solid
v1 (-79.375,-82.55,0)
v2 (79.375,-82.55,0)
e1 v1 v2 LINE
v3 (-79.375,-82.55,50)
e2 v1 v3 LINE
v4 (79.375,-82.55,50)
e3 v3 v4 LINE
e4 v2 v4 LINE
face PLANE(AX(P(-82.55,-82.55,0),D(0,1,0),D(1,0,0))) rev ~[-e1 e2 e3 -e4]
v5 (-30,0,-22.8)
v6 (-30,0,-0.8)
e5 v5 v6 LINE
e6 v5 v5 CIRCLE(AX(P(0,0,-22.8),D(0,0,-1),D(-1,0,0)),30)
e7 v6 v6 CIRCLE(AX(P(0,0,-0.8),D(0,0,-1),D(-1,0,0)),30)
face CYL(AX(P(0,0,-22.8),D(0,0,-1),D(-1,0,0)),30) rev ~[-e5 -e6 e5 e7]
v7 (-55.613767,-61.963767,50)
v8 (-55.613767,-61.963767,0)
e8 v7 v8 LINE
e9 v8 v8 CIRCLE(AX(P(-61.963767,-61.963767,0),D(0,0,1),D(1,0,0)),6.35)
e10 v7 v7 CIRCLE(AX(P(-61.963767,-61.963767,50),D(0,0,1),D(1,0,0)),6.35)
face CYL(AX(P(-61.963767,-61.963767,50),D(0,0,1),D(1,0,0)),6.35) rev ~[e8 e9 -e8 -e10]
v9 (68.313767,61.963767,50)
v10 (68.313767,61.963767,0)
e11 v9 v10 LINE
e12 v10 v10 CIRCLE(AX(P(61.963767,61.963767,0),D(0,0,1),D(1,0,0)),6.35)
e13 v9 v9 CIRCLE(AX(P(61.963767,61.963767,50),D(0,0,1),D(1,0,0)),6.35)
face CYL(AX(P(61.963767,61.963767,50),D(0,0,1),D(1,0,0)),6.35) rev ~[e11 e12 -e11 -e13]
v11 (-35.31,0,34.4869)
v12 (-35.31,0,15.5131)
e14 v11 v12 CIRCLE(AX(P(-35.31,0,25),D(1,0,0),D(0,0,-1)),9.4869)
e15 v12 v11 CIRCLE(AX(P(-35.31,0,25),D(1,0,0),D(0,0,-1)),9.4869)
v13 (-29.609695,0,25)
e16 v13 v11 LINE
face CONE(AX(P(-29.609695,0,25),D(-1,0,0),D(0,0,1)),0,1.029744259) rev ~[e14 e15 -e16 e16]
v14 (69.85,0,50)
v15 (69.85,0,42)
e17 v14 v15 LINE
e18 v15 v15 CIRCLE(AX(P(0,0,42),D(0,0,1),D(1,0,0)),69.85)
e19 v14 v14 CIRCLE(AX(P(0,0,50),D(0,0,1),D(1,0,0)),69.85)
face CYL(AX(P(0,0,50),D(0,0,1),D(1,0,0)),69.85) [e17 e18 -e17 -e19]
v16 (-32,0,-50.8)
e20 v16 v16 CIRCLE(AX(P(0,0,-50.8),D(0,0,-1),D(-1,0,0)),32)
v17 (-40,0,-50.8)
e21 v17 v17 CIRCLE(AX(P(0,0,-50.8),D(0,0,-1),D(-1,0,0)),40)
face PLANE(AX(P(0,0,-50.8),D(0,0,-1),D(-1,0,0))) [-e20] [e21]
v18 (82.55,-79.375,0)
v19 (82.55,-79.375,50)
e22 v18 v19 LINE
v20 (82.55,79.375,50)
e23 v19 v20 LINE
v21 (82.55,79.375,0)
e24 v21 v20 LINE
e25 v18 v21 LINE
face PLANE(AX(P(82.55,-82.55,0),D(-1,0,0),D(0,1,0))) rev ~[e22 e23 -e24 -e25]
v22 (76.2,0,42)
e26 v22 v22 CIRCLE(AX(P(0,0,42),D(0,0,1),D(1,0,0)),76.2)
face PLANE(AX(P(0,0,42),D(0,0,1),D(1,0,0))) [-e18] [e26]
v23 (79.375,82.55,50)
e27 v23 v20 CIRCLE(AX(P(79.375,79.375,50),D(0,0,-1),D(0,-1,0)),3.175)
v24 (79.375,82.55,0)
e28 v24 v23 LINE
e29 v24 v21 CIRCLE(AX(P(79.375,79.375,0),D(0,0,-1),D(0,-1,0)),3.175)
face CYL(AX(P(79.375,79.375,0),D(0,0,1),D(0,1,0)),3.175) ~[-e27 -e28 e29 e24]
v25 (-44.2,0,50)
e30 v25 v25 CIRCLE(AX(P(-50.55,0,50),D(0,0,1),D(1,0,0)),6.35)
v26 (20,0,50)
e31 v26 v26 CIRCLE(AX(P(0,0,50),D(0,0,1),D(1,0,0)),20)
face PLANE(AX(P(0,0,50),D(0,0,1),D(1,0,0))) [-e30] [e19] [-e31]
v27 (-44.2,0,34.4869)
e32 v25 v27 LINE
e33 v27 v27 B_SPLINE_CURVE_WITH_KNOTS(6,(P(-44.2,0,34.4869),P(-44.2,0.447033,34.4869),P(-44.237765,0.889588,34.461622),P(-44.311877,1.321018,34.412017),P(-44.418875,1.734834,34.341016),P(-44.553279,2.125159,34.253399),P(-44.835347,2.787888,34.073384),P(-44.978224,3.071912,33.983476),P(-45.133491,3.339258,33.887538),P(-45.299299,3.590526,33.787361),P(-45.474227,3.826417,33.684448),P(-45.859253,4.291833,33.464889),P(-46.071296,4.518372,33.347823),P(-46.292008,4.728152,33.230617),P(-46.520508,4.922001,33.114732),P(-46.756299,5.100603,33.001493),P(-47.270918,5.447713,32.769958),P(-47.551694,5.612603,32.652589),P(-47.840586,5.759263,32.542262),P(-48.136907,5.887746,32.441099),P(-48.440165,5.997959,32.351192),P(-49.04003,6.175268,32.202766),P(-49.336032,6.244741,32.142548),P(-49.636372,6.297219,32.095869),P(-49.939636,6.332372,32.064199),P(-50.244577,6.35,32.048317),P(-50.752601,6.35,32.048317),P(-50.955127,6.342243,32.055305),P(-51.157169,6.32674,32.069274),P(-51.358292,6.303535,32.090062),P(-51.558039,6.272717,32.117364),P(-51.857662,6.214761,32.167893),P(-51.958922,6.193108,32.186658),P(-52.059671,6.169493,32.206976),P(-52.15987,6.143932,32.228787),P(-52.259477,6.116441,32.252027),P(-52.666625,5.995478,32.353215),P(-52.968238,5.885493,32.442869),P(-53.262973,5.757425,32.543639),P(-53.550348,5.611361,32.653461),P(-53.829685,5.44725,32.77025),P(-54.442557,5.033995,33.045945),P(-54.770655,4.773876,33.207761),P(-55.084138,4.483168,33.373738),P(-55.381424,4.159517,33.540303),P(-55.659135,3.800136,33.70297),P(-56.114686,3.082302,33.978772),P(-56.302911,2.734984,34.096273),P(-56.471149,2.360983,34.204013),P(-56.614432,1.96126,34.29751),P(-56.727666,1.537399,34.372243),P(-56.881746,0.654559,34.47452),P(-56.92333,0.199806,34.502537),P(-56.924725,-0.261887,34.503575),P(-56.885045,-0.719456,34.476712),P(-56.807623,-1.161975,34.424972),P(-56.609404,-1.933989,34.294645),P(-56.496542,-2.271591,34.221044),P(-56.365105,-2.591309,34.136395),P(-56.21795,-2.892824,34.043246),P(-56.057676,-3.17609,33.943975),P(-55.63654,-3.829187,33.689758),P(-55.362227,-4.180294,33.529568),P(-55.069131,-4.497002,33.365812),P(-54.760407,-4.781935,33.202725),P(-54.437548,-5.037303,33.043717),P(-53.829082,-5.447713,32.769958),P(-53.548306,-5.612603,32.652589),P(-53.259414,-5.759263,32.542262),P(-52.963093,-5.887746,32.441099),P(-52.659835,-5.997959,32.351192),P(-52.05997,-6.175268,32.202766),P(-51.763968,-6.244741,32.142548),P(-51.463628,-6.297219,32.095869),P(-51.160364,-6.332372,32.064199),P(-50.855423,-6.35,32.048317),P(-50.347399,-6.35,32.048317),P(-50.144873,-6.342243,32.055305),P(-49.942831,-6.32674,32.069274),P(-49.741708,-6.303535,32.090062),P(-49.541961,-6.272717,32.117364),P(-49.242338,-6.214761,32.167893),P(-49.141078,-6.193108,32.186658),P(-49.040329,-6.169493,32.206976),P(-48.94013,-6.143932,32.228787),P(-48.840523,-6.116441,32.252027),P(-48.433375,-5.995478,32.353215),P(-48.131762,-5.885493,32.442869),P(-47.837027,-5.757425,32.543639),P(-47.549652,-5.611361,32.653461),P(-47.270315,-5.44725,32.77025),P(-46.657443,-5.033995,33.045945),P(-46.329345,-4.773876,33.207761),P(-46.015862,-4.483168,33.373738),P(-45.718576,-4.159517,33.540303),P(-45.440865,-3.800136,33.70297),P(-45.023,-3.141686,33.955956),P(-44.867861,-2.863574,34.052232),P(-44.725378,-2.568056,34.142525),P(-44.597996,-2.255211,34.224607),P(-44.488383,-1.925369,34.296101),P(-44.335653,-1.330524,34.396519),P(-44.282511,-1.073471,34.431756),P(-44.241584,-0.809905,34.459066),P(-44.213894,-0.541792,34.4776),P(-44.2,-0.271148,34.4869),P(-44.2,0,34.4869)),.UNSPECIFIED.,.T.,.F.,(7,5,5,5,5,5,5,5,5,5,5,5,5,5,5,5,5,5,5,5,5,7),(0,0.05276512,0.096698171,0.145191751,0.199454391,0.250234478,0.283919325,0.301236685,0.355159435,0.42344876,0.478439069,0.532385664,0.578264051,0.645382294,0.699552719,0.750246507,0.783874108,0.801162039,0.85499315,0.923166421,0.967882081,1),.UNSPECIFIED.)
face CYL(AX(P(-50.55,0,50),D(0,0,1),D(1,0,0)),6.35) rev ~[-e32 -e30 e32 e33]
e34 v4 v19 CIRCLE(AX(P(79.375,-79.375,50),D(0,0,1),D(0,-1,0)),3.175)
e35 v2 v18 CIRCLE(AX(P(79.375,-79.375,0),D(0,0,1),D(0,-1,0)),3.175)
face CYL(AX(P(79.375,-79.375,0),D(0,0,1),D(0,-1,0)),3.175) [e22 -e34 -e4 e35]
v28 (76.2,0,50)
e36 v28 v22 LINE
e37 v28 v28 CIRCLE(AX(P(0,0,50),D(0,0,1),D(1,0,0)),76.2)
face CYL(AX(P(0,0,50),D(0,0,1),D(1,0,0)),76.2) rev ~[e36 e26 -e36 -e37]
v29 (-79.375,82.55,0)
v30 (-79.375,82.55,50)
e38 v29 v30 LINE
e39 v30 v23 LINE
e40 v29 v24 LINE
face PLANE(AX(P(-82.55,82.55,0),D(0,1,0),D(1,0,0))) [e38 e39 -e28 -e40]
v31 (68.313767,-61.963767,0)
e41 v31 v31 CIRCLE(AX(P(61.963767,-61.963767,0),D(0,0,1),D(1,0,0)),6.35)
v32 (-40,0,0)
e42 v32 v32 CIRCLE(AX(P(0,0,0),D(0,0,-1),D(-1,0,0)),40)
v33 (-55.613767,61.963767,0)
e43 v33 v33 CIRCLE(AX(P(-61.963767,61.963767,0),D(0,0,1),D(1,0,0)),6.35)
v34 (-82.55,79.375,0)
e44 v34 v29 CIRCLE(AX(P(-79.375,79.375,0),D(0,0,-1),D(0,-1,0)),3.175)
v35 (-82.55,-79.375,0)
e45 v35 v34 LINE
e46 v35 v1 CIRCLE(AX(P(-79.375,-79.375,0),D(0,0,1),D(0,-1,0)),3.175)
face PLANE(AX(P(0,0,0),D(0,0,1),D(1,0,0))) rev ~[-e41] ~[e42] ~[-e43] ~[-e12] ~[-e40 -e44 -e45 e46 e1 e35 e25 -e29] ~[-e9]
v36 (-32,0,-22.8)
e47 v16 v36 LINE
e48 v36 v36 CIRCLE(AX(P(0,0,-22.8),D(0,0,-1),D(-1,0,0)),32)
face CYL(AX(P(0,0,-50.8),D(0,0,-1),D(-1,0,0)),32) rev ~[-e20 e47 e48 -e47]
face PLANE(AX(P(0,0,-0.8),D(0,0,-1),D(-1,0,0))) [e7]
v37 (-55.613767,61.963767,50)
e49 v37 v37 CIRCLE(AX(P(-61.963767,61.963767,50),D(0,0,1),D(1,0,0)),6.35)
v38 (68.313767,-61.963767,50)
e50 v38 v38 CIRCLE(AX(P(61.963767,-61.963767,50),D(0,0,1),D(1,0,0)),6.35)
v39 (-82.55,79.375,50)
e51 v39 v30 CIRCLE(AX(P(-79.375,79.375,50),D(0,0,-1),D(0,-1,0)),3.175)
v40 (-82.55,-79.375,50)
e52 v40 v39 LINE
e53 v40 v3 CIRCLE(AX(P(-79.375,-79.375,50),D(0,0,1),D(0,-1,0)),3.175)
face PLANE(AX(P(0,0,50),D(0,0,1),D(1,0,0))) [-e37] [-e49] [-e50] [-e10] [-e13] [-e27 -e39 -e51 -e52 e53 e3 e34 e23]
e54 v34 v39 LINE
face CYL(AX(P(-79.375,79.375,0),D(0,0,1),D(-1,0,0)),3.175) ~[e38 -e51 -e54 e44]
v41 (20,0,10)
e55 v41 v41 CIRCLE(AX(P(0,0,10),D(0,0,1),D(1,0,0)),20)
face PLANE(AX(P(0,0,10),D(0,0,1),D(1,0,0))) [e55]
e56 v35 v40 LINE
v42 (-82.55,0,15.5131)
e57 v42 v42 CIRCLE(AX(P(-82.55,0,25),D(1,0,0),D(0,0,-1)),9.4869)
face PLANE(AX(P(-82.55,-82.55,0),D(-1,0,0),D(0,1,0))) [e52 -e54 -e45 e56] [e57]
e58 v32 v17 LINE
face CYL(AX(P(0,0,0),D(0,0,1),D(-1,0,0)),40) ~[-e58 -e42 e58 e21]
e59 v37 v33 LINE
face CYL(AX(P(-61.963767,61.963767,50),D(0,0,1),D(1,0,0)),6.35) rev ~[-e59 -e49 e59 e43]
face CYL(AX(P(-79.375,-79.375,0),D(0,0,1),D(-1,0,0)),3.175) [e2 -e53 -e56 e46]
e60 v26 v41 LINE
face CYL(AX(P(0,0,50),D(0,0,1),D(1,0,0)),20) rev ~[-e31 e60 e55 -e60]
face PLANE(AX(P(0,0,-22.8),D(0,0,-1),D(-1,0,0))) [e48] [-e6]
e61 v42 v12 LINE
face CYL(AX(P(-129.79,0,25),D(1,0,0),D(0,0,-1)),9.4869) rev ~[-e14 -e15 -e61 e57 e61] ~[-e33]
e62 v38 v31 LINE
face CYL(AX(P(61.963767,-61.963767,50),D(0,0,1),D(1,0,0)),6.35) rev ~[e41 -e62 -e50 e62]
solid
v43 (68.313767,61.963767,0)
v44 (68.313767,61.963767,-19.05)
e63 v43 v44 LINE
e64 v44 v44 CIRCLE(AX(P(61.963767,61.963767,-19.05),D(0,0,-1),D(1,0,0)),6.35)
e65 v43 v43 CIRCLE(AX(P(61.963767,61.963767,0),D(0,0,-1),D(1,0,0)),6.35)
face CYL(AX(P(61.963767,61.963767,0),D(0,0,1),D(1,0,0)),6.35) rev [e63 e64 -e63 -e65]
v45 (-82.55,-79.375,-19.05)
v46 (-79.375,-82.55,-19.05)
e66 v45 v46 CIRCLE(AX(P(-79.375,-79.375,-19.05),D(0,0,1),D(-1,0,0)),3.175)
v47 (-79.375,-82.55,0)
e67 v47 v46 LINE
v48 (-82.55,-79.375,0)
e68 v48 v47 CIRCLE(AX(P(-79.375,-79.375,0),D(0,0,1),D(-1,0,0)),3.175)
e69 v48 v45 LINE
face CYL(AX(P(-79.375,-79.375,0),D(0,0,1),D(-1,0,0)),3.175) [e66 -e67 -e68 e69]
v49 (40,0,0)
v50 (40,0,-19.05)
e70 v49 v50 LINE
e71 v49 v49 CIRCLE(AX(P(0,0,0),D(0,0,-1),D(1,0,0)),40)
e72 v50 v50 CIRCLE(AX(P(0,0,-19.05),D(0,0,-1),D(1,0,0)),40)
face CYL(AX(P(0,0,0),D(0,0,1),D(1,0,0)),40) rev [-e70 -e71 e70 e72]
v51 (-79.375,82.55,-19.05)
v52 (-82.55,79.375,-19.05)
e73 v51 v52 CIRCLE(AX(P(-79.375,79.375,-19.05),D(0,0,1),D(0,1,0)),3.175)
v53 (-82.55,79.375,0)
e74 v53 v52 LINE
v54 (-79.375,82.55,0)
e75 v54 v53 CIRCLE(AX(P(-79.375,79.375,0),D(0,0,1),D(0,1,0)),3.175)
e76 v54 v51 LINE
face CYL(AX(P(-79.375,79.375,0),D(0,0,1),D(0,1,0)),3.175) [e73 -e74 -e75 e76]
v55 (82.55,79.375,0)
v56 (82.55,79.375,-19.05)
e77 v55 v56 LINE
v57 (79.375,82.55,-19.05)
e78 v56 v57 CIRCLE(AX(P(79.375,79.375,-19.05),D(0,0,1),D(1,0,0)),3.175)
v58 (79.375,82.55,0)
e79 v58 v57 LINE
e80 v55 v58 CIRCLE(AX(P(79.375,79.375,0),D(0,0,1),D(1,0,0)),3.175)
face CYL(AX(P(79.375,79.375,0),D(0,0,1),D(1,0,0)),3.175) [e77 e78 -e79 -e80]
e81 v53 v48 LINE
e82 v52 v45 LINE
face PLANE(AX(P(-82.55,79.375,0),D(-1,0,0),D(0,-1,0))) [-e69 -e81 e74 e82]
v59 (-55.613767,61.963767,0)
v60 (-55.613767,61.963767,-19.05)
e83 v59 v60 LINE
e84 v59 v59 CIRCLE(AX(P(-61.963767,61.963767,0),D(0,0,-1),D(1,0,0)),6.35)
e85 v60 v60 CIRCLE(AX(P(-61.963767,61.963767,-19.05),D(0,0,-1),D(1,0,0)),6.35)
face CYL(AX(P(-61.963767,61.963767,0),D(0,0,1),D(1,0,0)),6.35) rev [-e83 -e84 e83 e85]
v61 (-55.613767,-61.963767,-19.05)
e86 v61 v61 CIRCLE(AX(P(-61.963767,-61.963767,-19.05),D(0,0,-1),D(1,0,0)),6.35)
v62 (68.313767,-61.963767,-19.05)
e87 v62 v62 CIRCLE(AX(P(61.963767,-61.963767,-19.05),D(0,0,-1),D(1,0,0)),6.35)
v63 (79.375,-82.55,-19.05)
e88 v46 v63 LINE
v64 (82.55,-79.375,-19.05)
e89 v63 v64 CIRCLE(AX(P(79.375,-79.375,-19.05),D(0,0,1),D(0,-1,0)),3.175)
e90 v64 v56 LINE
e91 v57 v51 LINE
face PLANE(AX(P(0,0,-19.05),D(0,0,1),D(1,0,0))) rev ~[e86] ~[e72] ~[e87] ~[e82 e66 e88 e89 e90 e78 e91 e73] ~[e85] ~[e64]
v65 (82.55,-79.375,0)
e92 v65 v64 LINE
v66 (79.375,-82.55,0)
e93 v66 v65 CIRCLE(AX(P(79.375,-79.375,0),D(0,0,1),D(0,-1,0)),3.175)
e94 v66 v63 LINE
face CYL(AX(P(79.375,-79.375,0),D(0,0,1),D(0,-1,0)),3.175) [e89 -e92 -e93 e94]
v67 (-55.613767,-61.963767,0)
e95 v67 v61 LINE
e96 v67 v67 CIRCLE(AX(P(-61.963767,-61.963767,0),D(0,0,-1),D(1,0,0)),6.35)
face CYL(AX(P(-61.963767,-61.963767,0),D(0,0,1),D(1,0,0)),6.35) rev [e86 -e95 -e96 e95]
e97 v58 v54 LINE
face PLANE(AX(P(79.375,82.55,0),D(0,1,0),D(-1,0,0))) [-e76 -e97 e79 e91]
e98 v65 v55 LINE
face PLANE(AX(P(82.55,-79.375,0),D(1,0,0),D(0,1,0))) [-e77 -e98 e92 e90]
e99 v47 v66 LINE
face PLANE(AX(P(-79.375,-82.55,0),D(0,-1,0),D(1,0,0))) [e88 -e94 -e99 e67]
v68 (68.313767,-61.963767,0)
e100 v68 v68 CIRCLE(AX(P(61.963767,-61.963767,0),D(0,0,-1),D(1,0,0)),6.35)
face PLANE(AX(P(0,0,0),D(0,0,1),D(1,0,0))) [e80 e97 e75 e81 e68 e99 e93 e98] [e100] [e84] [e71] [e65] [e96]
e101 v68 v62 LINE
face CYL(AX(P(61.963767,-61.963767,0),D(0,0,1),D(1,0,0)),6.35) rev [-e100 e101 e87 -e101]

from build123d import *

# Parameters (mm, degrees)
SKETCH1_W                        = 165.1
SKETCH1_H                        = 165.1
BOSS_EXTRUDE1_DEPTH              = 50
SKETCH2_R                        = 40
BOSS_EXTRUDE2_DEPTH              = 50.8
SKETCH4_R                        = 32
CUT_EXTRUDE1_DEPTH               = 28
SKETCH5_R                        = 30
CUT_EXTRUDE2_DEPTH               = 22
FILLET1_R                        = 3.175
SKETCH6_R                        = 20
CUT_EXTRUDE4_DEPTH               = 40
SKETCH7_R                        = 76.2
SKETCH7_R_2                      = 69.85
CUT_EXTRUDE5_DEPTH               = 8
F_1_2_14_NPSM_TAPPED_HOLE1_D     = 18.9738
F_1_2_14_NPSM_TAPPED_HOLE1_DEPTH = 47.24
F_1_2_14_NPSM_TAPPED_HOLE1_TIP   = 5.700304607
SKETCH11_R                       = 6.35
CUT_EXTRUDE6_DEPTH               = 25
SKETCH12_R                       = 6.35
CUT_EXTRUDE7_DEPTH               = 155.23892186
SKETCH13_R                       = 40
SKETCH13_R_2                     = 6.35
BOSS_EXTRUDE3_DEPTH              = 19.05


with BuildPart() as part:
    # Sketch1 → Boss-Extrude1 (new body)
    with BuildSketch(Plane.XY):
        Rectangle(SKETCH1_W, SKETCH1_H)
    extrude(amount=BOSS_EXTRUDE1_DEPTH)

    # Sketch2 → Boss-Extrude2 (add)
    with BuildSketch(Plane(origin=(0, 0, 0), x_dir=(-1, 0, 0), z_dir=(0, 0, -1))):
        Circle(SKETCH2_R)
    extrude(amount=BOSS_EXTRUDE2_DEPTH)

    # Sketch4 → Cut-Extrude1 (cut)
    with BuildSketch(Plane(origin=(0, 0, -50.8), x_dir=(-1, 0, 0), z_dir=(0, 0, -1))):
        Circle(SKETCH4_R)
    extrude(amount=-CUT_EXTRUDE1_DEPTH, mode=Mode.SUBTRACT)

    # Sketch5 → Cut-Extrude2 (cut)
    with BuildSketch(Plane(origin=(0, 0, -22.8), x_dir=(-1, 0, 0), z_dir=(0, 0, -1))):
        Circle(SKETCH5_R)
    extrude(amount=-CUT_EXTRUDE2_DEPTH, mode=Mode.SUBTRACT)

    # Fillet1
    fillet1_edges = [part.edges().sort_by_distance(p)[0] for p in [
        (-82.55, 82.55, 25),
        (82.55, 82.55, 25),
        (82.55, -82.55, 25),
        (-82.55, -82.55, 25),
    ]]
    fillet(fillet1_edges, radius=FILLET1_R)

    # Sketch6 → Cut-Extrude4 (cut)
    with BuildSketch(Plane.XY.offset(50)):
        Circle(SKETCH6_R)
    extrude(amount=-CUT_EXTRUDE4_DEPTH, mode=Mode.SUBTRACT)

    # Sketch7 → Cut-Extrude5 (cut)
    with BuildSketch(Plane.XY.offset(50)):
        Circle(SKETCH7_R)
        Circle(SKETCH7_R_2, mode=Mode.SUBTRACT)
    extrude(amount=-CUT_EXTRUDE5_DEPTH, mode=Mode.SUBTRACT)

    # 1/2-14 NPSM Tapped Hole1
    with Locations(Plane.ZY.offset(82.55)):
        with Locations((25, 0)):
            Hole(F_1_2_14_NPSM_TAPPED_HOLE1_D / 2, depth=F_1_2_14_NPSM_TAPPED_HOLE1_DEPTH)
            with Locations((0, 0, -(F_1_2_14_NPSM_TAPPED_HOLE1_DEPTH + F_1_2_14_NPSM_TAPPED_HOLE1_TIP / 2))):  # 118° drill point
                Cone(0, F_1_2_14_NPSM_TAPPED_HOLE1_D / 2, F_1_2_14_NPSM_TAPPED_HOLE1_TIP, mode=Mode.SUBTRACT)

    # Sketch11 → Cut-Extrude6 (cut)
    with BuildSketch(Plane.XY.offset(50)):
        with Locations((-50.55, 0)):
            Circle(SKETCH11_R)
    extrude(amount=-CUT_EXTRUDE6_DEPTH, mode=Mode.SUBTRACT)

    # Sketch12 → Cut-Extrude7 (cut, through all)
    with BuildSketch(Plane.XY.offset(50)):
        with Locations((-61.963767235, 61.963767235)):
            Circle(SKETCH12_R)
        with Locations((61.963767235, 61.963767235)):
            Circle(SKETCH12_R)
        with Locations((61.963767235, -61.963767235)):
            Circle(SKETCH12_R)
        with Locations((-61.963767235, -61.963767235)):
            Circle(SKETCH12_R)
    extrude(amount=-CUT_EXTRUDE7_DEPTH, mode=Mode.SUBTRACT)


with BuildPart() as body_2:
    # Sketch13 → Boss-Extrude3 (new body)
    with BuildSketch(Plane(origin=(0, 0, 0), x_dir=(-1, 0, 0), z_dir=(0, 0, -1))):
        with BuildLine():
            Line((-79.375, 82.55), (79.375, 82.55))
            ThreePointArc((79.375, 82.55), (81.62006403, 81.62006403), (82.55, 79.375))
            Line((82.55, 79.375), (82.55, -79.375))
            ThreePointArc((82.55, -79.375), (81.62006403, -81.62006403), (79.375, -82.55))
            Line((79.375, -82.55), (-79.375, -82.55))
            ThreePointArc((-79.375, -82.55), (-81.62006403, -81.62006403), (-82.55, -79.375))
            Line((-82.55, -79.375), (-82.55, 79.375))
            ThreePointArc((-82.55, 79.375), (-81.62006403, 81.62006403), (-79.375, 82.55))
        make_face()
        with Locations(Location((0, 0, 0), (0, 0, 180))):
            Circle(SKETCH13_R, mode=Mode.SUBTRACT)
        with Locations(Location((61.963767235, 61.963767235, 0), (0, 0, 180))):
            Circle(SKETCH13_R_2, mode=Mode.SUBTRACT)
        with Locations(Location((-61.963767235, 61.963767235, 0), (0, 0, 180))):
            Circle(SKETCH13_R_2, mode=Mode.SUBTRACT)
        with Locations(Location((-61.963767235, -61.963767235, 0), (0, 0, 180))):
            Circle(SKETCH13_R_2, mode=Mode.SUBTRACT)
        with Locations(Location((61.963767235, -61.963767235, 0), (0, 0, 180))):
            Circle(SKETCH13_R_2, mode=Mode.SUBTRACT)
    extrude(amount=BOSS_EXTRUDE3_DEPTH)


solid = Compound([part.part, body_2.part])
